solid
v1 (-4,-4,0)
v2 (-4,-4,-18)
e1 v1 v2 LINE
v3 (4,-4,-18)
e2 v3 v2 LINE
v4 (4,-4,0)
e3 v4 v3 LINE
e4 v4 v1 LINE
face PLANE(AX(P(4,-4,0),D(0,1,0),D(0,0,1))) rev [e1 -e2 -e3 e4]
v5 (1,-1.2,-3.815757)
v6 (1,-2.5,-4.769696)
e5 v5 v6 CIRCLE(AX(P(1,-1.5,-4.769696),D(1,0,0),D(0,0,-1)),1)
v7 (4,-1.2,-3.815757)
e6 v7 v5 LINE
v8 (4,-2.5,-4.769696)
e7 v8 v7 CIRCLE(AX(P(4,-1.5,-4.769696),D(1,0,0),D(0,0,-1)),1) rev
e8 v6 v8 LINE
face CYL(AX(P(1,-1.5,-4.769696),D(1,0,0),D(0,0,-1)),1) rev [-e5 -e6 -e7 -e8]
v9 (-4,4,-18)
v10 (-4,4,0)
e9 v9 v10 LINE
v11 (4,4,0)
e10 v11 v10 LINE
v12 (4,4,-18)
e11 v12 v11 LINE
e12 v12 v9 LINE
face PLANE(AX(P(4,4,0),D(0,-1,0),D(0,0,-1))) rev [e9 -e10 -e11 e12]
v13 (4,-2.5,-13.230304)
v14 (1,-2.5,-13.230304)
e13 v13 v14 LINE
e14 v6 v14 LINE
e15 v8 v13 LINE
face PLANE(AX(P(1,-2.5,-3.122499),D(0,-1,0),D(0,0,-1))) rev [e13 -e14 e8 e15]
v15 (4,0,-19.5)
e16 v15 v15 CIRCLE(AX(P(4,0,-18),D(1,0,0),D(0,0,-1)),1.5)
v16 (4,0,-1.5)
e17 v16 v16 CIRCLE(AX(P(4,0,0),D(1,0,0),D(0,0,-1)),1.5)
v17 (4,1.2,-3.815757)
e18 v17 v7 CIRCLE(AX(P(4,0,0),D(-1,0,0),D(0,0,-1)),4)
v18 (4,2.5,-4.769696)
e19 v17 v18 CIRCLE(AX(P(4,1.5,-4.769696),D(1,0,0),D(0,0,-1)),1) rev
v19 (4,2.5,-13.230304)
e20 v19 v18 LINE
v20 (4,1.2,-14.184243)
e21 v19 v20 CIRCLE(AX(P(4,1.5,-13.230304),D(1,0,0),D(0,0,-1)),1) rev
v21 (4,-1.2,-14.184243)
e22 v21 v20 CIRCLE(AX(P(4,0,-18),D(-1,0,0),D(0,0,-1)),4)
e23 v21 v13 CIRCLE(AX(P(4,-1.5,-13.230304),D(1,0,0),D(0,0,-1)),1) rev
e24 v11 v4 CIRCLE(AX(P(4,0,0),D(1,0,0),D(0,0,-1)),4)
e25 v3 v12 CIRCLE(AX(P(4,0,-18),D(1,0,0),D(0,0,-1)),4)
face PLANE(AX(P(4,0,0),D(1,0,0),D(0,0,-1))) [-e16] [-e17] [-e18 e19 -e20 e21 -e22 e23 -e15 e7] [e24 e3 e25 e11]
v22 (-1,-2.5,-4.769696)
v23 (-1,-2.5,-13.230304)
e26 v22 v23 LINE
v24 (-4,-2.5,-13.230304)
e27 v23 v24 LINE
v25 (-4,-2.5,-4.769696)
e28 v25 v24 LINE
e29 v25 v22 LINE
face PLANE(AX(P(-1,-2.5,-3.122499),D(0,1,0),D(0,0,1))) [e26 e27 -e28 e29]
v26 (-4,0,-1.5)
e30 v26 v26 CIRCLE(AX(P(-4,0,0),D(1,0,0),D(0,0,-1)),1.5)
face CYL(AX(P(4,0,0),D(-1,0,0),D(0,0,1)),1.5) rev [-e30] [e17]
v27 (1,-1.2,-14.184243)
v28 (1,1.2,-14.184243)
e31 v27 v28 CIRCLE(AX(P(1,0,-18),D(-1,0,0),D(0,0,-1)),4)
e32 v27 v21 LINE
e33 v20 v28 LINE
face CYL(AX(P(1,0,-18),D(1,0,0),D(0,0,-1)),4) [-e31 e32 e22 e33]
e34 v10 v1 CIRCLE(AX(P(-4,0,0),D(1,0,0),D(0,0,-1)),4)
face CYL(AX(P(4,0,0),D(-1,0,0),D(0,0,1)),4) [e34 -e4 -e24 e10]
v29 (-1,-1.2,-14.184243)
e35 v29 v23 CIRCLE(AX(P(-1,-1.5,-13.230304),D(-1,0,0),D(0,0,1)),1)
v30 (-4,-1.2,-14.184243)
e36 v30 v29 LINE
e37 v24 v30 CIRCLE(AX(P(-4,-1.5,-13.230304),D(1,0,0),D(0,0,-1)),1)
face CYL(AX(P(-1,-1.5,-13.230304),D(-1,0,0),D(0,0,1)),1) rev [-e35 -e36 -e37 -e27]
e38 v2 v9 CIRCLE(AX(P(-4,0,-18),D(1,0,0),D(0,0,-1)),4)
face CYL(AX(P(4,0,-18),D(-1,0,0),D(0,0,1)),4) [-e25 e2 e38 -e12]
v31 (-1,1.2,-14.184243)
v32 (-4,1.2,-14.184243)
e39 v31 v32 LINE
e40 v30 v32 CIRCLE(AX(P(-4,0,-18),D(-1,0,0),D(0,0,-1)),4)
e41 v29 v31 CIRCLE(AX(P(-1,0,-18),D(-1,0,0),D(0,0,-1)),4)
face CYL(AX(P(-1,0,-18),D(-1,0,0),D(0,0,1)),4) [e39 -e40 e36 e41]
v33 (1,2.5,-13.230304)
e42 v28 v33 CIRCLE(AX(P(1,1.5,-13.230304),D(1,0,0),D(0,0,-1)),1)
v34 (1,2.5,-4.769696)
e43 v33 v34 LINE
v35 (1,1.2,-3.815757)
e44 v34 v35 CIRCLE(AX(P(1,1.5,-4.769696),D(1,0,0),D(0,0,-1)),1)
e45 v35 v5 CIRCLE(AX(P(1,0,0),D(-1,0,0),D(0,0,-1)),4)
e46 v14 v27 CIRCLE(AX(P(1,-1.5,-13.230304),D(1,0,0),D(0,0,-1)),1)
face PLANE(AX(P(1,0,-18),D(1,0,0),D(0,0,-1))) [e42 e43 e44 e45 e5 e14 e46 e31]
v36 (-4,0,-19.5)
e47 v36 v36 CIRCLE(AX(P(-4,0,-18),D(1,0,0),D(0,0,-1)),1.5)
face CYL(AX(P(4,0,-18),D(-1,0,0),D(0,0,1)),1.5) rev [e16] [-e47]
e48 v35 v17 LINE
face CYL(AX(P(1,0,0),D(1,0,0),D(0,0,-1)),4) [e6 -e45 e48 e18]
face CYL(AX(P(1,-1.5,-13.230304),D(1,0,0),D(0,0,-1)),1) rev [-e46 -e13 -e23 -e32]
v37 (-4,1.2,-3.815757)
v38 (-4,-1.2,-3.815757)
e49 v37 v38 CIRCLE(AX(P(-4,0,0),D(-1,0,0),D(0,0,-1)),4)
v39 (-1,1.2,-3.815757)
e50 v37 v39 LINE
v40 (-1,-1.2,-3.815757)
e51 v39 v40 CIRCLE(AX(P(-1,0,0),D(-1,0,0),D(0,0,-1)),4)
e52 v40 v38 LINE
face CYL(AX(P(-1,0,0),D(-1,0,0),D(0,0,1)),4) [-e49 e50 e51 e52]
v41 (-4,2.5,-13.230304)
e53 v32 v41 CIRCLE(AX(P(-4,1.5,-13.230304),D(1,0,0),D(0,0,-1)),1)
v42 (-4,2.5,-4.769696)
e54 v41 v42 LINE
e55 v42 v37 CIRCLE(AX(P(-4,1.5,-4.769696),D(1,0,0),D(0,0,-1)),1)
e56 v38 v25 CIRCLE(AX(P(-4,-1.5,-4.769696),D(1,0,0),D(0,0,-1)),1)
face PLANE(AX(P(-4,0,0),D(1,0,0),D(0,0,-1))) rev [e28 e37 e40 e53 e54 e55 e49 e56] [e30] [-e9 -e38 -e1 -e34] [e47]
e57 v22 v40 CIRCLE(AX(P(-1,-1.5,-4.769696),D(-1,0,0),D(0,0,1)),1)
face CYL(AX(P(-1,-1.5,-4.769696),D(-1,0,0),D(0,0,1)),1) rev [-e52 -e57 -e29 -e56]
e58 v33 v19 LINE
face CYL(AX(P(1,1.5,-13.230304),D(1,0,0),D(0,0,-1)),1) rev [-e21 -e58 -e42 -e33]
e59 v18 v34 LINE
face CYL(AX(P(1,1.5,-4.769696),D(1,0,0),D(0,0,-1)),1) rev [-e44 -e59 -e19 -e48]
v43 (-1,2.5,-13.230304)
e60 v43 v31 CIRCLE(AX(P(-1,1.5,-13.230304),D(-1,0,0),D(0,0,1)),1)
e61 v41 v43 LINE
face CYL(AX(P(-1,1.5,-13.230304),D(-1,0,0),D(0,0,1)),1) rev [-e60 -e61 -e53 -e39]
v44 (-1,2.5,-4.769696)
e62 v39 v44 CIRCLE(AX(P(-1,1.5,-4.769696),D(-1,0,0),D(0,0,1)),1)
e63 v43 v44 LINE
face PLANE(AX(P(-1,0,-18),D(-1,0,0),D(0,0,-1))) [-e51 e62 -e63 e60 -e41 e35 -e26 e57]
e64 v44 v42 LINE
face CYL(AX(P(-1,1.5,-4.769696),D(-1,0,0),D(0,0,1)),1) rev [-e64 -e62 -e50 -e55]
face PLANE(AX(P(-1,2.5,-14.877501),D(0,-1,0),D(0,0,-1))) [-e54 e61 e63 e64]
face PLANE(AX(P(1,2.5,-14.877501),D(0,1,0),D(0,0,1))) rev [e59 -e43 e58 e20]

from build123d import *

# Parameters (mm, degrees)
SKETCH_1_R          = 1.5
EXTRUDE_1_DEPTH     = 4
CUT_EXTRUDE_1_DEPTH = 3
FILLET_1_R          = 1


with BuildPart() as part:
    # 草图1 → 凸台-拉伸1 (new, symmetric)
    with BuildSketch(Plane(origin=(0, 0, 0), x_dir=(0, 0, -1), z_dir=(1, 0, 0))):
        with BuildLine():
            Line((0, 4), (18, 4))
            ThreePointArc((18, 4), (22, 0), (18, -4))
            Line((18, -4), (0, -4))
            ThreePointArc((0, -4), (-4, 0), (0, 4))
        make_face()
        Circle(SKETCH_1_R, mode=Mode.SUBTRACT)
        with Locations((18, 0)):
            Circle(SKETCH_1_R, mode=Mode.SUBTRACT)
    extrude(amount=EXTRUDE_1_DEPTH, both=True)

    # 草图2 → 切除-拉伸1 (cut)
    with BuildSketch(Plane(origin=(4, 0, 0), x_dir=(0, 0, -1), z_dir=(1, 0, 0))):
        with BuildLine():
            Line((3.122498999, -2.5), (14.877501001, -2.5))
            ThreePointArc((14.877501001, -2.5), (14, 0), (14.877501001, 2.5))
            Line((14.877501001, 2.5), (3.122498999, 2.5))
            ThreePointArc((3.122498999, 2.5), (4, 0), (3.122498999, -2.5))
        make_face()
    cut_extrude_1 = extrude(amount=-CUT_EXTRUDE_1_DEPTH, mode=Mode.SUBTRACT)

    # 镜向1: 切除-拉伸1 across plane
    add(cut_extrude_1.mirror(Plane(origin=(0, 0, 0), x_dir=(0, 0, 1), z_dir=(1, 0, 0))), mode=Mode.SUBTRACT)

    # 圆角1
    fillet_1_edges = [part.edges().sort_by_distance(p)[0] for p in [
        (2.5, 2.5, -14.877501001),
        (2.5, -2.5, -14.877501001),
        (2.5, -2.5, -3.122498999),
        (2.5, 2.5, -3.122498999),
        (-2.5, -2.5, -14.877501001),
        (-2.5, 2.5, -14.877501001),
        (-2.5, 2.5, -3.122498999),
        (-2.5, -2.5, -3.122498999),
    ]]
    fillet(fillet_1_edges, radius=FILLET_1_R)


solid = part.part
